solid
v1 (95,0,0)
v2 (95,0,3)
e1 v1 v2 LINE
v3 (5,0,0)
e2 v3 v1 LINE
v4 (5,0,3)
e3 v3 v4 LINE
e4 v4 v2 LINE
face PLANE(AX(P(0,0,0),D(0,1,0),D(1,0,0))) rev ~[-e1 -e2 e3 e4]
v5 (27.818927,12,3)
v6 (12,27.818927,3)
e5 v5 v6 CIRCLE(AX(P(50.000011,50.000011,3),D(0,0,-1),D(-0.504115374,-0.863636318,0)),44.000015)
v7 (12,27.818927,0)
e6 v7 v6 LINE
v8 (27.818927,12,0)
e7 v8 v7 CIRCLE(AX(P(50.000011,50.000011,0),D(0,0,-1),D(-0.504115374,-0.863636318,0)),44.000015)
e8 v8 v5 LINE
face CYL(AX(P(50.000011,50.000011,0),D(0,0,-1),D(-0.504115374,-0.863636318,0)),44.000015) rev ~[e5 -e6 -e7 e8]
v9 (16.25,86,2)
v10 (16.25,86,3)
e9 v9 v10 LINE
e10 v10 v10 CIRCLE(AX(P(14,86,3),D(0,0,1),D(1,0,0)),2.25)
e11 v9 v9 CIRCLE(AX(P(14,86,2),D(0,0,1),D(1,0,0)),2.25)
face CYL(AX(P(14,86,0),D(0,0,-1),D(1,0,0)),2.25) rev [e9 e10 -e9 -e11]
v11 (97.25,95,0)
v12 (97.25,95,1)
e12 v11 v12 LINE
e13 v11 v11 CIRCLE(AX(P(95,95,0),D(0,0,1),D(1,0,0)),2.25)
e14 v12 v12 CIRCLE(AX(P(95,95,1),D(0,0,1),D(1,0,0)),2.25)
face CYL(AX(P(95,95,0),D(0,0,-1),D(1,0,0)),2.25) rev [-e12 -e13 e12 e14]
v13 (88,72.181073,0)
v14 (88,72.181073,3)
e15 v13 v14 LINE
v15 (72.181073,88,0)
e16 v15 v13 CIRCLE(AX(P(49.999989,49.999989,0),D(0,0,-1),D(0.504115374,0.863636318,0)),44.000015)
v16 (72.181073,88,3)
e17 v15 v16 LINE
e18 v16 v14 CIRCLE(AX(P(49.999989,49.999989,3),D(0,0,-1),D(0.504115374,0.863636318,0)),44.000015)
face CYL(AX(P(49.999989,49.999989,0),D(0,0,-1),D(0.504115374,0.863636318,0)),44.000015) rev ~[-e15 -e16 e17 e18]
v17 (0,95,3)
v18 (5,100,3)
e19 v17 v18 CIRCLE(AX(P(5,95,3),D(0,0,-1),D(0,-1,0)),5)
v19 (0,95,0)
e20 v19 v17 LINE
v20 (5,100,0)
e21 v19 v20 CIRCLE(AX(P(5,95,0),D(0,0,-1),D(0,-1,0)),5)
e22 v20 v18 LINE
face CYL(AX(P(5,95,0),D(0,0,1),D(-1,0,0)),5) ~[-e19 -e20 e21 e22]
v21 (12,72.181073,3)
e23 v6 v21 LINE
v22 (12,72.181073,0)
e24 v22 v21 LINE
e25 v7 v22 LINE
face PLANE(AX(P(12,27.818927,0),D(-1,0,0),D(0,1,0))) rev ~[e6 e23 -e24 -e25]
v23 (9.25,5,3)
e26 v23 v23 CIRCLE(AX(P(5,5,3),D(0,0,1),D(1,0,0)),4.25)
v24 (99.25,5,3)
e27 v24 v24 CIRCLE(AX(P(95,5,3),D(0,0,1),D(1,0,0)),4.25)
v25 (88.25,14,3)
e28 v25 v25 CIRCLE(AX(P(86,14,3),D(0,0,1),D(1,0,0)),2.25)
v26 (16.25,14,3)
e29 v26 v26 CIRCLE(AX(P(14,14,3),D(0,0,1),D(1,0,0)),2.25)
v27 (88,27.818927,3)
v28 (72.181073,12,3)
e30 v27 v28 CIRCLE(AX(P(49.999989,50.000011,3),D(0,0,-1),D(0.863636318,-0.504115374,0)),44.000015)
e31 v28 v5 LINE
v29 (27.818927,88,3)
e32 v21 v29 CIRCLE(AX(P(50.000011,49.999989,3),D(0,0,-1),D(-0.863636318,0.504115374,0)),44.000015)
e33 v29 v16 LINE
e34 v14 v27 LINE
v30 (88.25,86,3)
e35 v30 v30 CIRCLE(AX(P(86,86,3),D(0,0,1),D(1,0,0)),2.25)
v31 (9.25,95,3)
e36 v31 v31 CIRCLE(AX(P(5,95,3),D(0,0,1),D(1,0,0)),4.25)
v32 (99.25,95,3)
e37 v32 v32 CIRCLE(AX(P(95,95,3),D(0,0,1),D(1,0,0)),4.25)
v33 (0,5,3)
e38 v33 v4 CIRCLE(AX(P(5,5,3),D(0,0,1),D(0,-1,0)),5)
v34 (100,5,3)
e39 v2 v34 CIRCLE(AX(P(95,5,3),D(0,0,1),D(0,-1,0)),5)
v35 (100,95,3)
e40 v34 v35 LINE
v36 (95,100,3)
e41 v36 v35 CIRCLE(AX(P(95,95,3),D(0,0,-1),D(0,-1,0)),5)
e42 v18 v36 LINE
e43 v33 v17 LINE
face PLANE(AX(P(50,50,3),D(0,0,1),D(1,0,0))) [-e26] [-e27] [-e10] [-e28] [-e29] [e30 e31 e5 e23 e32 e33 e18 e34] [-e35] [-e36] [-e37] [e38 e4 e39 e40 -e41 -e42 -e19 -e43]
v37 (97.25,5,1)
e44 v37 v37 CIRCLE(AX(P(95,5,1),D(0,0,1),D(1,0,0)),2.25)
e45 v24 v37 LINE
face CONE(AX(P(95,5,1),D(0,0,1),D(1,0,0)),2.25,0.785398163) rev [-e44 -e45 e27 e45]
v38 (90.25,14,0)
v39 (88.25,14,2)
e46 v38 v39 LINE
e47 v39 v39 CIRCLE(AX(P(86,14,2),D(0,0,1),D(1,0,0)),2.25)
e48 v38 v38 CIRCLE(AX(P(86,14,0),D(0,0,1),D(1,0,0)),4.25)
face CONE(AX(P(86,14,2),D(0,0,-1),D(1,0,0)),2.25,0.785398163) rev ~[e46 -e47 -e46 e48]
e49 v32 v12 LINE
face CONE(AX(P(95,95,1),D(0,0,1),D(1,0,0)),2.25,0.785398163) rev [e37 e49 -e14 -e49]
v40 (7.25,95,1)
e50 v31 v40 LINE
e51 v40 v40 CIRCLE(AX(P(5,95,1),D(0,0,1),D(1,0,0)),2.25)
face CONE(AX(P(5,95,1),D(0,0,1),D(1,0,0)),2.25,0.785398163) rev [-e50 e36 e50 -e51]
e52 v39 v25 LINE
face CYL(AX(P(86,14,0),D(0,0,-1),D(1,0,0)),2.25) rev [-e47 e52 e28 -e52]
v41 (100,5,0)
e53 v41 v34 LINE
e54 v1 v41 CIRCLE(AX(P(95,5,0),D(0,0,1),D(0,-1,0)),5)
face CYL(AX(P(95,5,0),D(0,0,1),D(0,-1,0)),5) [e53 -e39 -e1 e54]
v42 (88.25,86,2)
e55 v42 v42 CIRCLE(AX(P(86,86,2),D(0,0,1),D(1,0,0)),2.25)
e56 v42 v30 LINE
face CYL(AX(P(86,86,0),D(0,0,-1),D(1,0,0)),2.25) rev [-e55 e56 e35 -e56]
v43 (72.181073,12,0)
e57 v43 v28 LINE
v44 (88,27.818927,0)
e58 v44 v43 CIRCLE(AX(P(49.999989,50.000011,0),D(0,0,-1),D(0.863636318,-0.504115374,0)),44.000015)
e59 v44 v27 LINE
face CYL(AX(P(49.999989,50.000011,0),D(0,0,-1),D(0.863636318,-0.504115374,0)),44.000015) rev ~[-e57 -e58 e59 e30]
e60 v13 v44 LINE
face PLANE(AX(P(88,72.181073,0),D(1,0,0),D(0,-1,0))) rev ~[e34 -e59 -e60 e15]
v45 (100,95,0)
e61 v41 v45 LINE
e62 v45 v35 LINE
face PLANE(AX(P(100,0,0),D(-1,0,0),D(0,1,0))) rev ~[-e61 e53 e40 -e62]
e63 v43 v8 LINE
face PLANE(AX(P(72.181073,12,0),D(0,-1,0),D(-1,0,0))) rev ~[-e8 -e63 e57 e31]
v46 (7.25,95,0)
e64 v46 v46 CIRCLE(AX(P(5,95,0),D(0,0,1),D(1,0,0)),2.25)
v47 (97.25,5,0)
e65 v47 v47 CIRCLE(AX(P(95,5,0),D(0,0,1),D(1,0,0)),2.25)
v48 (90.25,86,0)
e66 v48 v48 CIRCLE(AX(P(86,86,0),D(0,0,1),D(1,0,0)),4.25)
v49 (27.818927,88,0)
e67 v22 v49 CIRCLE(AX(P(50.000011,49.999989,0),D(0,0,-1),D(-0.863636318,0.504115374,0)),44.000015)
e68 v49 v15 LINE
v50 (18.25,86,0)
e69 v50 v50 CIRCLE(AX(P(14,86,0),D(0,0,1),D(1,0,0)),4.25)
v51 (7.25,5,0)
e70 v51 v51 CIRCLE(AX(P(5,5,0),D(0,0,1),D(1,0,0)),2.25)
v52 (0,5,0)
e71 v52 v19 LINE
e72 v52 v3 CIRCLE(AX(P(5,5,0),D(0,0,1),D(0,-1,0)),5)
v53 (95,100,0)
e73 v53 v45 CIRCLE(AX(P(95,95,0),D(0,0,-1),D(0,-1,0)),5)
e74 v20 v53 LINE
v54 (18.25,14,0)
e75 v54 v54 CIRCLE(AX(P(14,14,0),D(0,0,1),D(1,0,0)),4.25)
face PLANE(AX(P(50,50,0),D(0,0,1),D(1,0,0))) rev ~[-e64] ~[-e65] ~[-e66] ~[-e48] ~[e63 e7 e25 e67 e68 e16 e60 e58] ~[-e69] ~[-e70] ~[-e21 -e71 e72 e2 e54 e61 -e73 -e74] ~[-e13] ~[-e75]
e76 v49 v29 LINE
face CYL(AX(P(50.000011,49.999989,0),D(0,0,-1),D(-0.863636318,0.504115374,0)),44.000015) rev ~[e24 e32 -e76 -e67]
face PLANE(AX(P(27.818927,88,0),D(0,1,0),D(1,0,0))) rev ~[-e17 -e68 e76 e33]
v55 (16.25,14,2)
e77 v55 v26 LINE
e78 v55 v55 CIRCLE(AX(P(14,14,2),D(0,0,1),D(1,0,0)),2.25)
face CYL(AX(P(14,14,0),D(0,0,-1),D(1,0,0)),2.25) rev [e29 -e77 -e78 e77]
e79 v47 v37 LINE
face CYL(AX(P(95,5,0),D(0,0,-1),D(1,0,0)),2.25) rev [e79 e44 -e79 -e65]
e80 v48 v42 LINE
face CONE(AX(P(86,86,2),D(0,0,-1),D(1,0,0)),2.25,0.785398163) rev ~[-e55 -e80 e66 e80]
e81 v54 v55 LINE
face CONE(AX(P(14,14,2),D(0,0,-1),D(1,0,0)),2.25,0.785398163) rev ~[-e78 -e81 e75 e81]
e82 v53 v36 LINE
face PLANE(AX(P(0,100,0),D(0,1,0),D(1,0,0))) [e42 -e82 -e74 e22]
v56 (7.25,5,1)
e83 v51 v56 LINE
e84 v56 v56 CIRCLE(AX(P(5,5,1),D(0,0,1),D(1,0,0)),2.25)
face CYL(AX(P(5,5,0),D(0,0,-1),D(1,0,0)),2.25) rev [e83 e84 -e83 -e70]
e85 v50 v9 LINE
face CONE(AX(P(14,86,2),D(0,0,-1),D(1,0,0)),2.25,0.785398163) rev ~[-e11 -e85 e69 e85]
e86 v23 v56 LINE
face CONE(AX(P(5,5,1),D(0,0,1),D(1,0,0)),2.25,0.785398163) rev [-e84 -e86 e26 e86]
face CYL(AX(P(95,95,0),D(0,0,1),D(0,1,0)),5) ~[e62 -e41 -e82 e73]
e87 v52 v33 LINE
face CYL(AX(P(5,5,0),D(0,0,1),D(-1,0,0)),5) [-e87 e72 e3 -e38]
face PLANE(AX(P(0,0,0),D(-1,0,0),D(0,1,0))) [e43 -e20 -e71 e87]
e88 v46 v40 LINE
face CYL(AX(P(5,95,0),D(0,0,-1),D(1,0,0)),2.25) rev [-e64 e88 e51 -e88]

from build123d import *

# Parameters (mm, degrees)
F0_W     = 100
F0_H     = 100
F0_R     = 2.25
F1_DEPTH = 3
F2_R     = 5
F3_SIZE  = 2


with BuildPart() as f1:
    # F0 (on Top) → F1 (new body)
    with BuildSketch(Plane.XY):
        with Locations((50, 50)):
            Rectangle(F0_W, F0_H)
        with Locations((5, 5)):
            Circle(F0_R, mode=Mode.SUBTRACT)
        with Locations((14, 14)):
            Circle(F0_R, mode=Mode.SUBTRACT)
        with Locations((95, 5)):
            Circle(F0_R, mode=Mode.SUBTRACT)
        with Locations((86, 14)):
            Circle(F0_R, mode=Mode.SUBTRACT)
        with Locations((14, 86)):
            Circle(F0_R, mode=Mode.SUBTRACT)
        with Locations((5, 95)):
            Circle(F0_R, mode=Mode.SUBTRACT)
        with BuildLine():
            Line((72.181073, 12), (27.818927, 12))
            ThreePointArc((27.818927, 12), (18.887302, 18.887302), (12, 27.818927))
            Line((12, 27.818927), (12, 72.181073))
            ThreePointArc((12, 72.181073), (18.887302, 81.112698), (27.818927, 88))
            Line((27.818927, 88), (72.181073, 88))
            ThreePointArc((72.181073, 88), (81.112698, 81.112698), (88, 72.181073))
            Line((88, 72.181073), (88, 27.818927))
            ThreePointArc((88, 27.818927), (81.112698, 18.887302), (72.181073, 12))
        make_face(mode=Mode.SUBTRACT)
        with Locations((86, 86)):
            Circle(F0_R, mode=Mode.SUBTRACT)
        with Locations((95, 95)):
            Circle(F0_R, mode=Mode.SUBTRACT)
    extrude(amount=F1_DEPTH)

    # F2
    f2_edges = [f1.edges().sort_by_distance(p)[0] for p in [
        (100, 0, 1.5),
        (100, 100, 1.5),
        (0, 0, 1.5),
        (0, 100, 1.5),
    ]]
    fillet(f2_edges, radius=F2_R)

    # F3
    f3_edges = [f1.edges().sort_by_distance(p)[0] for p in [
        (2.75, 95, 3),
        (2.75, 5, 3),
        (92.75, 5, 3),
        (92.75, 95, 3),
        (11.75, 86, 0),
        (11.75, 14, 0),
        (83.75, 14, 0),
        (83.75, 86, 0),
    ]]
    chamfer(f3_edges, length=F3_SIZE)


solid = f1.part
